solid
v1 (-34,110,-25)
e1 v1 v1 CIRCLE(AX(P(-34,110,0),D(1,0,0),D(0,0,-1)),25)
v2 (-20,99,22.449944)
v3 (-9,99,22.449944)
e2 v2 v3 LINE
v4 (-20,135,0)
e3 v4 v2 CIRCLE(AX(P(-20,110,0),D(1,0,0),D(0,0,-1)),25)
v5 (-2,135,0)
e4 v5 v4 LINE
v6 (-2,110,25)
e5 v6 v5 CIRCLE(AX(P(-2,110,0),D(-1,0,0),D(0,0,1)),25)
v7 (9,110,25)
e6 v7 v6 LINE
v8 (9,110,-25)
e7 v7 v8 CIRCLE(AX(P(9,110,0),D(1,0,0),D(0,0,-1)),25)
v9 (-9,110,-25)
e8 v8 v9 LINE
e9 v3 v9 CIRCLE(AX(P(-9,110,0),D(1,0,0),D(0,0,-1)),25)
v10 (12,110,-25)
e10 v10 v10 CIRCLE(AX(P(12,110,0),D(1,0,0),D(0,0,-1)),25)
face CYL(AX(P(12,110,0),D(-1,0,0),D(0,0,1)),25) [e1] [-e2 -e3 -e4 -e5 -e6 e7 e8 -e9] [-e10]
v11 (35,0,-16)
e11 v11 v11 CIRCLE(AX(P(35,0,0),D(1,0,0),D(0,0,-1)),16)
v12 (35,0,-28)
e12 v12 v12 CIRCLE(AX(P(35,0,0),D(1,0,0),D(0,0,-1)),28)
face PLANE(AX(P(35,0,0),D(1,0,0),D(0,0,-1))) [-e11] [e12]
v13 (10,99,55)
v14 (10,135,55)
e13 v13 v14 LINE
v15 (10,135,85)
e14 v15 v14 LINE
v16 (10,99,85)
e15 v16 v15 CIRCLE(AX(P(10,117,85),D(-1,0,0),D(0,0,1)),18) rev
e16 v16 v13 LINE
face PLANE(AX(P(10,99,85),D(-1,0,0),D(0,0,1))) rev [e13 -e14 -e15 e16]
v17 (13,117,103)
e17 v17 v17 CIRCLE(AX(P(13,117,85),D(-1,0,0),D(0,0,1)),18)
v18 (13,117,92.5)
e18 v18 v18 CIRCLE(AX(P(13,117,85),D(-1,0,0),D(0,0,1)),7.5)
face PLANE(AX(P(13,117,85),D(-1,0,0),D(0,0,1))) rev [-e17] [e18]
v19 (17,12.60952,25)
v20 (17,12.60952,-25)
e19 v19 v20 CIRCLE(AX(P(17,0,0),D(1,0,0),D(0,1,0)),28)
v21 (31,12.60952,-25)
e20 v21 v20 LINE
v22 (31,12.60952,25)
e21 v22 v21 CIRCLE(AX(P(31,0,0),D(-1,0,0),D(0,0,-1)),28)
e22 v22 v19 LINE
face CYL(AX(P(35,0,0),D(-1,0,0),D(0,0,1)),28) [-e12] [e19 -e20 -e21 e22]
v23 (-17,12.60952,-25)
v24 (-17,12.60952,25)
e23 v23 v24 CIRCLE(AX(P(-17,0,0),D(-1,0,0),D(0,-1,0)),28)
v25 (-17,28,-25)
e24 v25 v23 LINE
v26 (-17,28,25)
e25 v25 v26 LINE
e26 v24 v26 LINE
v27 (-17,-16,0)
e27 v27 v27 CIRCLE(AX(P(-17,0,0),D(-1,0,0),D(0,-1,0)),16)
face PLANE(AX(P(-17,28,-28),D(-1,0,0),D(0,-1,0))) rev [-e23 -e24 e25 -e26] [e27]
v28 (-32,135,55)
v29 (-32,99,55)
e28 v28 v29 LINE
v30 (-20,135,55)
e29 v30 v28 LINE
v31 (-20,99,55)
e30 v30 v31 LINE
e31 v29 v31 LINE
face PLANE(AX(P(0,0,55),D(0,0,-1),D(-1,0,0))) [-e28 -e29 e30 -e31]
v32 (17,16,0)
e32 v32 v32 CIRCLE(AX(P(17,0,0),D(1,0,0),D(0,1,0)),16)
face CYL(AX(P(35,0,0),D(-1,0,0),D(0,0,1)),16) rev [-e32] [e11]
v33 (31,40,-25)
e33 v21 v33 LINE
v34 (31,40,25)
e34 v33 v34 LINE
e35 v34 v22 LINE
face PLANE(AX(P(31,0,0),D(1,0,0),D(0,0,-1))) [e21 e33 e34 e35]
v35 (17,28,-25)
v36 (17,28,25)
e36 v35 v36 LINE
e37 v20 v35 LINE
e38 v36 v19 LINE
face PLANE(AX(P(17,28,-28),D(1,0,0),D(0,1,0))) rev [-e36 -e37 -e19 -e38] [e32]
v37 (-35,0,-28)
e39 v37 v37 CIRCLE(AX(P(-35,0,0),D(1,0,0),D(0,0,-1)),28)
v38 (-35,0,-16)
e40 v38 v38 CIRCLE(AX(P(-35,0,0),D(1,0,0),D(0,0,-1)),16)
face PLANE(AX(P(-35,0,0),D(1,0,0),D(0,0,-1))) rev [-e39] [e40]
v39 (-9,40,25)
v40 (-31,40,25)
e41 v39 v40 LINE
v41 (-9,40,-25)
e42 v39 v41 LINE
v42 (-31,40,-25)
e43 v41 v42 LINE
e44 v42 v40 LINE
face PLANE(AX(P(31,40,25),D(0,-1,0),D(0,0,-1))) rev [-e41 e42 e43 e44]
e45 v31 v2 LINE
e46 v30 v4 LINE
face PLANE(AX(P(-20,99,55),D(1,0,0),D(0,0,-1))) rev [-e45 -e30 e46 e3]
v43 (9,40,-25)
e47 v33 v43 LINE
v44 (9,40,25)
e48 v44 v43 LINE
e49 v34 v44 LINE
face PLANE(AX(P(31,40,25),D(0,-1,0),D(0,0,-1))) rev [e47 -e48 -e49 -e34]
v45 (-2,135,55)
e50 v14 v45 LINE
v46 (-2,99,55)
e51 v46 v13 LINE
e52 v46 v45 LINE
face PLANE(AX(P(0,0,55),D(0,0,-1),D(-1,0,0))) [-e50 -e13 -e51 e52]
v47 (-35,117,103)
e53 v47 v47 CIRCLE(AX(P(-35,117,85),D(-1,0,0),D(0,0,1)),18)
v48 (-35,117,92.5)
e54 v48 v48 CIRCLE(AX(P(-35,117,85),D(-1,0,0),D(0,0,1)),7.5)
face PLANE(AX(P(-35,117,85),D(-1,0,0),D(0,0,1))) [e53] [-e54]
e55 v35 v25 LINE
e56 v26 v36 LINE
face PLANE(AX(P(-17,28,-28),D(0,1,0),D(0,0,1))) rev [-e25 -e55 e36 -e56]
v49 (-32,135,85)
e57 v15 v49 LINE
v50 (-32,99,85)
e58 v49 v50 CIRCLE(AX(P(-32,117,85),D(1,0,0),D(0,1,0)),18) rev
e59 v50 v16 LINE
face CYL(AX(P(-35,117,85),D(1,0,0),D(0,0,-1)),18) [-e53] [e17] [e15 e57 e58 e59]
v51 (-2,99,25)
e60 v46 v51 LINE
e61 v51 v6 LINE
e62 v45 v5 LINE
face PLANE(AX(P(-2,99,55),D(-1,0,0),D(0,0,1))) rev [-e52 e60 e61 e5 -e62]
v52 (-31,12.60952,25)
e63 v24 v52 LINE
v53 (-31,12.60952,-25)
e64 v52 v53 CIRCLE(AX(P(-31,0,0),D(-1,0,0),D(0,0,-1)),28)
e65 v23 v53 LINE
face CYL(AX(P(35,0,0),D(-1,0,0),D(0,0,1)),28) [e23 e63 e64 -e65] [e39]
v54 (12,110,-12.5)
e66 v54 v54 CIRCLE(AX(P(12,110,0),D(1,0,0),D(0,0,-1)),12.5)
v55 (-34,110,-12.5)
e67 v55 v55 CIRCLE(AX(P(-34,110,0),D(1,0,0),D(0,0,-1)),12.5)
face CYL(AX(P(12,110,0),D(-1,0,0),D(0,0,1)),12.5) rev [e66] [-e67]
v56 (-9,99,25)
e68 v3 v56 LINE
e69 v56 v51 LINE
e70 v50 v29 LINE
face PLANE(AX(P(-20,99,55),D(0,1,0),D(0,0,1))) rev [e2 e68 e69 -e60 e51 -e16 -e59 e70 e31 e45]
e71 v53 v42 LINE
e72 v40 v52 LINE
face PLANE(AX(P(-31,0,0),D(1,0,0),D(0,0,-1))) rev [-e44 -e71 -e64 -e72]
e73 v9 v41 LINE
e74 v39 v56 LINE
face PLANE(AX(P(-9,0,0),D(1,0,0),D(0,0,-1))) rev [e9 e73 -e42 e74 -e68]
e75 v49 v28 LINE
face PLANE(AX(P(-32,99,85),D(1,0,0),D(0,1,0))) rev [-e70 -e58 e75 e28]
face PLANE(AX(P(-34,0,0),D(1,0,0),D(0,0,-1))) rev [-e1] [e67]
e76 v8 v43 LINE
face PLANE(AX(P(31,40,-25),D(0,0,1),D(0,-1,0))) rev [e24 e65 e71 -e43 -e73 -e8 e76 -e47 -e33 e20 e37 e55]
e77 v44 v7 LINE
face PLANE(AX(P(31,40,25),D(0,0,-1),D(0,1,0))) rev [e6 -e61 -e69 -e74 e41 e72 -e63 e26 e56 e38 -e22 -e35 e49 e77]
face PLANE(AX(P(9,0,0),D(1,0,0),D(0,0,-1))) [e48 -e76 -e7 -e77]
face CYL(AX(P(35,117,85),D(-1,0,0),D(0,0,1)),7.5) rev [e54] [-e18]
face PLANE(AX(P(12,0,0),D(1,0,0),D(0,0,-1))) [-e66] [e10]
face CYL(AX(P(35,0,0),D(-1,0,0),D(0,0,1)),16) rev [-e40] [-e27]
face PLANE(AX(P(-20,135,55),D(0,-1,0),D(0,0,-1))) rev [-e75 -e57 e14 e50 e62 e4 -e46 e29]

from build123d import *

# Parameters (mm, degrees)
SKETCH1_R               = 28
SKETCH1_R_2             = 16
BOSS_EXTRUDE1_DEPTH     = 35
BOSS_EXTRUDE4_DEPTH     = 31
BOSS_EXTRUDE8_DEPTH     = 9
BOSS_EXTRUDE10_START    = 12
SKETCH6_8_R             = 12.5
BOSS_EXTRUDE10_DEPTH    = 12
SKETCH6_9_R             = 12.5
BOSS_EXTRUDE11_DEPTH    = 34
CUT_EXTRUDE2_DEPTH      = 143.246265329
CUT_EXTRUDE2_DEPTH_BACK = 143.246265329
SKETCH8_W               = 34
SKETCH8_H               = 56
SKETCH9_W               = 18
SKETCH9_H               = 36
BOSS_EXTRUDE12_DEPTH    = 55
CUT_EXTRUDE3_DEPTH      = 150.916643506
CUT_EXTRUDE3_DEPTH_BACK = 150.916643506
SKETCH12_R              = 12.5
SKETCH18_W              = 42
SKETCH18_H              = 36
BOSS_EXTRUDE15_DEPTH    = 30
CUT_EXTRUDE8_DEPTH      = 167.03011775
CUT_EXTRUDE8_DEPTH_BACK = 167.03011775
SKETCH30_R              = 7.5
SKETCH31_R              = 18
BOSS_EXTRUDE18_DEPTH    = 24
CUT_EXTRUDE9_DEPTH      = 176.926120858
CUT_EXTRUDE9_DEPTH_BACK = 176.926120858
SKETCH30_2_R            = 7.5


with BuildPart() as part:
    # Sketch1 → Boss-Extrude1 (new, symmetric)
    with BuildSketch(Plane(origin=(0, 0, 0), x_dir=(0, 0, -1), z_dir=(1, 0, 0))):
        Circle(SKETCH1_R)
        Circle(SKETCH1_R_2, mode=Mode.SUBTRACT)
    extrude(amount=BOSS_EXTRUDE1_DEPTH, both=True)

    # Sketch2 → Boss-Extrude4 (add, symmetric)
    with BuildSketch(Plane(origin=(0, 0, 0), x_dir=(0, 0, -1), z_dir=(1, 0, 0))):
        with BuildLine():
            Line((-25, 40), (25, 40))
            Line((25, 40), (25, 12.609520213))
            ThreePointArc((25, 12.609520213), (0, 28), (-25, 12.609520213))
            Line((-25, 12.609520213), (-25, 40))
        make_face()
    extrude(amount=BOSS_EXTRUDE4_DEPTH, both=True)

    # Sketch6 → Boss-Extrude8 (add, symmetric)
    with BuildSketch(Plane(origin=(0, 0, 0), x_dir=(0, 0, -1), z_dir=(1, 0, 0))):
        with BuildLine():
            Line((-25, 110), (-25, 40))
            Line((-25, 40), (25, 40))
            Line((25, 40), (25, 110))
            ThreePointArc((25, 110), (0, 85), (-25, 110))
        make_face()
    extrude(amount=BOSS_EXTRUDE8_DEPTH, both=True)

    # Sketch6<8> → Boss-Extrude10 (add)
    with BuildSketch(Plane(origin=(0, 0, 0), x_dir=(0, 0, -1), z_dir=(1, 0, 0)).offset(BOSS_EXTRUDE10_START)):
        with BuildLine():
            ThreePointArc((25, 110), (0, 135), (-25, 110))
            ThreePointArc((-25, 110), (0, 85), (25, 110))
        make_face()
        with Locations((0, 110)):
            Circle(SKETCH6_8_R, mode=Mode.SUBTRACT)
    extrude(amount=-BOSS_EXTRUDE10_DEPTH)

    # Sketch6<9> → Boss-Extrude11 (add)
    with BuildSketch(Plane(origin=(0, 0, 0), x_dir=(0, 0, -1), z_dir=(1, 0, 0))):
        with BuildLine():
            ThreePointArc((25, 110), (0, 135), (-25, 110))
            ThreePointArc((-25, 110), (0, 85), (25, 110))
        make_face()
        with Locations((0, 110)):
            Circle(SKETCH6_9_R, mode=Mode.SUBTRACT)
    extrude(amount=-BOSS_EXTRUDE11_DEPTH)

    # Sketch8 → Cut-Extrude2 (cut, two sides: drawn at the far end of the back side and taken through both)
    with BuildSketch(Plane.XY.offset(-CUT_EXTRUDE2_DEPTH_BACK)):
        Rectangle(SKETCH8_W, SKETCH8_H)
    extrude(amount=CUT_EXTRUDE2_DEPTH + CUT_EXTRUDE2_DEPTH_BACK, mode=Mode.SUBTRACT)

    # Sketch9 → Boss-Extrude12 (add)
    with BuildSketch(Plane.XY):
        with Locations((-11, 117)):
            Rectangle(SKETCH9_W, SKETCH9_H)
    extrude(amount=BOSS_EXTRUDE12_DEPTH)

    # Sketch12 → Cut-Extrude3 (cut, two sides: drawn at the far end of the back side and taken through both)
    with BuildSketch(Plane(origin=(0, 0, 0), x_dir=(0, 0, -1), z_dir=(1, 0, 0)).offset(-CUT_EXTRUDE3_DEPTH_BACK)):
        with Locations((0, 110)):
            Circle(SKETCH12_R)
    extrude(amount=CUT_EXTRUDE3_DEPTH + CUT_EXTRUDE3_DEPTH_BACK, mode=Mode.SUBTRACT)

    # Sketch18 → Boss-Extrude15 (add)
    with BuildSketch(Plane.XY.offset(55)):
        with Locations((-11, 117)):
            Rectangle(SKETCH18_W, SKETCH18_H)
    extrude(amount=BOSS_EXTRUDE15_DEPTH)

    # Sketch30 → Cut-Extrude8 (cut, two sides: drawn at the far end of the back side and taken through both)
    with BuildSketch(Plane.ZY.offset(11).offset(-CUT_EXTRUDE8_DEPTH_BACK)):
        with Locations((85, 117)):
            Circle(SKETCH30_R)
    extrude(amount=CUT_EXTRUDE8_DEPTH + CUT_EXTRUDE8_DEPTH_BACK, mode=Mode.SUBTRACT)

    # Sketch31 → Boss-Extrude18 (add, symmetric)
    with BuildSketch(Plane.ZY.offset(11)):
        with Locations((85, 117)):
            Circle(SKETCH31_R)
    extrude(amount=BOSS_EXTRUDE18_DEPTH, both=True)

    # Sketch30<2> → Cut-Extrude9 (cut, two sides: drawn at the far end of the back side and taken through both)
    with BuildSketch(Plane.ZY.offset(11).offset(-CUT_EXTRUDE9_DEPTH_BACK)):
        with Locations((85, 117)):
            Circle(SKETCH30_2_R)
    extrude(amount=CUT_EXTRUDE9_DEPTH + CUT_EXTRUDE9_DEPTH_BACK, mode=Mode.SUBTRACT)


solid = part.part
